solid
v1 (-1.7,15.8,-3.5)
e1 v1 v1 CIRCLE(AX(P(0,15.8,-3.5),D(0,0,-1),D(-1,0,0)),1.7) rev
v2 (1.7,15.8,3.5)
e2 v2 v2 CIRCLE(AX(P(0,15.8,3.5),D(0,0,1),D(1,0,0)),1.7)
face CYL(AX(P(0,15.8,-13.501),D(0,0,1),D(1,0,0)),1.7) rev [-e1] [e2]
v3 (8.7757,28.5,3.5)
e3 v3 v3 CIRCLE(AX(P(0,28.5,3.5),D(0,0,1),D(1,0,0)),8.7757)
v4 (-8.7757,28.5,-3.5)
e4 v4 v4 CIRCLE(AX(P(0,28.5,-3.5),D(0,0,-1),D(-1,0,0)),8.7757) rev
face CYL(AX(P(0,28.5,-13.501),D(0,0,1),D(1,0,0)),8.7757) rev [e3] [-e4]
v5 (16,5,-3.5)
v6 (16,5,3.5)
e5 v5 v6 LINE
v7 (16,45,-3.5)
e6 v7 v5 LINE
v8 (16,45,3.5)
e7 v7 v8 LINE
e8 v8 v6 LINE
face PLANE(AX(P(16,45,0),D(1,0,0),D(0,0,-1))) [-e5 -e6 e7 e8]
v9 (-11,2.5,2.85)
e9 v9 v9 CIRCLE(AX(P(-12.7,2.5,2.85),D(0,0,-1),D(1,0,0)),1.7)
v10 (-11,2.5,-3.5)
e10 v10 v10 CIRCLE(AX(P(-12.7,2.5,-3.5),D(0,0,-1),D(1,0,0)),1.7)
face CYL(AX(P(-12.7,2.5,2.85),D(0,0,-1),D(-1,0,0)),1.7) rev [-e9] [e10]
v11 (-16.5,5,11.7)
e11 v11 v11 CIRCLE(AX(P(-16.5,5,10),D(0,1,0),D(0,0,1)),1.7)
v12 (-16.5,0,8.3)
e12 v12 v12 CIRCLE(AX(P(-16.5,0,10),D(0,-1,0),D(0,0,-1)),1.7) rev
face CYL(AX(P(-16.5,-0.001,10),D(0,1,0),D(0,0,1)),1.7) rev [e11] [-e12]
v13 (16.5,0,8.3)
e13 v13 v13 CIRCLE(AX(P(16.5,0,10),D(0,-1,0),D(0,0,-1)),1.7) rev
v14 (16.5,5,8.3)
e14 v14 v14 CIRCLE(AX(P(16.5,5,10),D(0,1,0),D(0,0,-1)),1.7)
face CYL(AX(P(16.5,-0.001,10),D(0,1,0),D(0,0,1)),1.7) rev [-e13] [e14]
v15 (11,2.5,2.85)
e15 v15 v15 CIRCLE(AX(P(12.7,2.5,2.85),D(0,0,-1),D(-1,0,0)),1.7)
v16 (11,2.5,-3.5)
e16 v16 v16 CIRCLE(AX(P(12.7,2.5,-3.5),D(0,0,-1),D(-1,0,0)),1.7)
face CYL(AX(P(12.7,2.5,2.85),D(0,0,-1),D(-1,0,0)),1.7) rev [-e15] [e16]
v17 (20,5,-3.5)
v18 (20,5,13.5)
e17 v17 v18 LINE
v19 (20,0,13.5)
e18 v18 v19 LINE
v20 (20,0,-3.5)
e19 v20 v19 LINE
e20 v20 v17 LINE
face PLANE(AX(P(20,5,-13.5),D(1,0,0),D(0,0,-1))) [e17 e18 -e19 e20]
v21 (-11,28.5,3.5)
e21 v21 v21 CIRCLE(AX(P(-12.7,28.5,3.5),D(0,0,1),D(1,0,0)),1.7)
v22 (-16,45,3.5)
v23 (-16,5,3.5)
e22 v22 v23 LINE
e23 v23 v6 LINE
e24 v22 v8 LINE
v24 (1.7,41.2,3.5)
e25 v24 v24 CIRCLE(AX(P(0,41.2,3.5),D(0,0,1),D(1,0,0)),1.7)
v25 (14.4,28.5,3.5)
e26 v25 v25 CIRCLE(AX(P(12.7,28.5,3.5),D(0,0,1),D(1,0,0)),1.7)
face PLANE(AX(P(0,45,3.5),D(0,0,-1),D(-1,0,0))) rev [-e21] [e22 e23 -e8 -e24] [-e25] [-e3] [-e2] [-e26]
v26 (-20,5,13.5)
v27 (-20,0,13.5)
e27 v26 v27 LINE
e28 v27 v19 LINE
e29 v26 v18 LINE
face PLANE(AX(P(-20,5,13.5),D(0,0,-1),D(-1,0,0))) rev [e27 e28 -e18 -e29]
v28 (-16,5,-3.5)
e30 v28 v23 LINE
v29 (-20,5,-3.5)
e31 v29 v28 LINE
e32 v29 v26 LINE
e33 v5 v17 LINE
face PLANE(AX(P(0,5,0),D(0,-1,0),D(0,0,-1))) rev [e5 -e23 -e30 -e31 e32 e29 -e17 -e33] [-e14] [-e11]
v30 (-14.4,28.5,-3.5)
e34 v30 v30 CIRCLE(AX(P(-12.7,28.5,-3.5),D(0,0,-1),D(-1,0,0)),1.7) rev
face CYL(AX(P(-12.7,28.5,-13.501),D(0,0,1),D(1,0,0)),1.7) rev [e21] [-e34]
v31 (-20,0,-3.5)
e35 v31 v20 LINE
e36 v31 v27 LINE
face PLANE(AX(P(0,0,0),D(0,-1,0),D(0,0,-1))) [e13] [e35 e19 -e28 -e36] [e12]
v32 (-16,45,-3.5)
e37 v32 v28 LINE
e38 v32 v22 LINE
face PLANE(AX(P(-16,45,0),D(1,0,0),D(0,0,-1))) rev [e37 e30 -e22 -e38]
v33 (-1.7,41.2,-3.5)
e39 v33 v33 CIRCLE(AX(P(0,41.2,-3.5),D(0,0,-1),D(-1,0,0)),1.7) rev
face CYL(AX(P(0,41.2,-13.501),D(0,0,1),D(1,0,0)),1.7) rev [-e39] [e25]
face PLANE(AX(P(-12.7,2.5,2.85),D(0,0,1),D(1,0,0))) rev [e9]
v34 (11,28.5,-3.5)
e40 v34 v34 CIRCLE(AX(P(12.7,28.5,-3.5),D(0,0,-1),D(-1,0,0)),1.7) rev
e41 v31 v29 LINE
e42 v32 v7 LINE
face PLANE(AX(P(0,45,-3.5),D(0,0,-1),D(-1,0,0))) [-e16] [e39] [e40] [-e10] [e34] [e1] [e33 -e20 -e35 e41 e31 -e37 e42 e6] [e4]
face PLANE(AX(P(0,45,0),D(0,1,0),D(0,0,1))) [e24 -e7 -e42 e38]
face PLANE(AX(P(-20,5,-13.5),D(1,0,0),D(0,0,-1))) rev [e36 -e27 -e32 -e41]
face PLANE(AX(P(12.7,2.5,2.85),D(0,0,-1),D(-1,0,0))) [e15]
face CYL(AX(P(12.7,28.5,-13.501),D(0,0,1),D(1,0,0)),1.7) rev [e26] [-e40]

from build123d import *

# Parameters (mm, degrees)
SKETCH1_W           = 40
SKETCH1_H           = 27
SKETCH1_W_2         = 32
SKETCH1_H_2         = 7
BOSS_EXTRUDE1_DEPTH = 5
SKETCH1_3_W         = 32
SKETCH1_3_H         = 7
BOSS_EXTRUDE2_DEPTH = 45
CUT_EXTRUDE1_REACH  = 54.096
SKETCH2_R           = 8.7757
CUT_EXTRUDE2_REACH  = 54.096
SKETCH4_R           = 1.7
CUT_EXTRUDE3_REACH  = 48.715
SKETCH5_R           = 1.7
CUT_EXTRUDE5_REACH  = 48.715
SKETCH7_W           = 40
SKETCH7_H           = 10
SKETCH8_R           = 1.7
CUT_EXTRUDE6_DEPTH  = 6.35


with BuildPart() as part:
    # Sketch1 → Boss-Extrude1 (new body)
    with BuildSketch(Plane(origin=(0, 0, 0), x_dir=(1, 0, 0), z_dir=(0, 1, 0))):
        Rectangle(SKETCH1_W, SKETCH1_H)
        Rectangle(SKETCH1_W_2, SKETCH1_H_2, mode=Mode.SUBTRACT)
    extrude(amount=BOSS_EXTRUDE1_DEPTH)

    # Sketch1<3> → Boss-Extrude2 (add)
    with BuildSketch(Plane(origin=(0, 0, 0), x_dir=(1, 0, 0), z_dir=(0, 1, 0))):
        Rectangle(SKETCH1_3_W, SKETCH1_3_H)
    extrude(amount=BOSS_EXTRUDE2_DEPTH)

    # Sketch2 → Cut-Extrude1 (cut, up to next)
    with BuildSketch(Plane.XY.offset(3.5), mode=Mode.PRIVATE) as cut_extrude1_sk1:
        with Locations((0, 28.5)):
            Circle(SKETCH2_R)
    cut_extrude1_tool1 = extrude(cut_extrude1_sk1.sketch, amount=-CUT_EXTRUDE1_REACH, mode=Mode.PRIVATE) & part.part
    add(cut_extrude1_tool1.solids().sort_by_distance((0, 28.5, 3.5))[0], mode=Mode.SUBTRACT)

    # Sketch4 → Cut-Extrude2 (cut, up to next)
    with BuildSketch(Plane.XY.offset(3.5), mode=Mode.PRIVATE) as cut_extrude2_sk1:
        with Locations((0, 41.2)):
            Circle(SKETCH4_R)
    cut_extrude2_tool1 = extrude(cut_extrude2_sk1.sketch, amount=-CUT_EXTRUDE2_REACH, mode=Mode.PRIVATE) & part.part
    # Sketch4 → Cut-Extrude2 (cut, up to next)
    with BuildSketch(Plane.XY.offset(3.5), mode=Mode.PRIVATE) as cut_extrude2_sk2:
        with Locations((12.7, 28.5)):
            Circle(SKETCH4_R)
    cut_extrude2_tool2 = extrude(cut_extrude2_sk2.sketch, amount=-CUT_EXTRUDE2_REACH, mode=Mode.PRIVATE) & part.part
    # Sketch4 → Cut-Extrude2 (cut, up to next)
    with BuildSketch(Plane.XY.offset(3.5), mode=Mode.PRIVATE) as cut_extrude2_sk3:
        with Locations((0, 15.8)):
            Circle(SKETCH4_R)
    cut_extrude2_tool3 = extrude(cut_extrude2_sk3.sketch, amount=-CUT_EXTRUDE2_REACH, mode=Mode.PRIVATE) & part.part
    # Sketch4 → Cut-Extrude2 (cut, up to next)
    with BuildSketch(Plane.XY.offset(3.5), mode=Mode.PRIVATE) as cut_extrude2_sk4:
        with Locations((-12.7, 28.5)):
            Circle(SKETCH4_R)
    cut_extrude2_tool4 = extrude(cut_extrude2_sk4.sketch, amount=-CUT_EXTRUDE2_REACH, mode=Mode.PRIVATE) & part.part
    add(cut_extrude2_tool1.solids().sort_by_distance((0, 41.2, 3.5))[0], mode=Mode.SUBTRACT)
    add(cut_extrude2_tool2.solids().sort_by_distance((12.7, 28.5, 3.5))[0], mode=Mode.SUBTRACT)
    add(cut_extrude2_tool3.solids().sort_by_distance((0, 15.8, 3.5))[0], mode=Mode.SUBTRACT)
    add(cut_extrude2_tool4.solids().sort_by_distance((-12.7, 28.5, 3.5))[0], mode=Mode.SUBTRACT)

    # Sketch5 → Cut-Extrude3 (cut, up to next)
    with BuildSketch(Plane(origin=(0, 5, 0), x_dir=(1, 0, 0), z_dir=(0, 1, 0)), mode=Mode.PRIVATE) as cut_extrude3_sk1:
        with Locations((-16.5, 10)):
            Circle(SKETCH5_R)
    cut_extrude3_tool1 = extrude(cut_extrude3_sk1.sketch, amount=-CUT_EXTRUDE3_REACH, mode=Mode.PRIVATE) & part.part
    # Sketch5 → Cut-Extrude3 (cut, up to next)
    with BuildSketch(Plane(origin=(0, 5, 0), x_dir=(1, 0, 0), z_dir=(0, 1, 0)), mode=Mode.PRIVATE) as cut_extrude3_sk2:
        with Locations((-16.5, -10)):
            Circle(SKETCH5_R)
    cut_extrude3_tool2 = extrude(cut_extrude3_sk2.sketch, amount=-CUT_EXTRUDE3_REACH, mode=Mode.PRIVATE) & part.part
    # Sketch5 → Cut-Extrude3 (cut, up to next)
    with BuildSketch(Plane(origin=(0, 5, 0), x_dir=(1, 0, 0), z_dir=(0, 1, 0)), mode=Mode.PRIVATE) as cut_extrude3_sk3:
        with Locations((16.5, -10)):
            Circle(SKETCH5_R)
    cut_extrude3_tool3 = extrude(cut_extrude3_sk3.sketch, amount=-CUT_EXTRUDE3_REACH, mode=Mode.PRIVATE) & part.part
    # Sketch5 → Cut-Extrude3 (cut, up to next)
    with BuildSketch(Plane(origin=(0, 5, 0), x_dir=(1, 0, 0), z_dir=(0, 1, 0)), mode=Mode.PRIVATE) as cut_extrude3_sk4:
        with Locations((16.5, 10)):
            Circle(SKETCH5_R)
    cut_extrude3_tool4 = extrude(cut_extrude3_sk4.sketch, amount=-CUT_EXTRUDE3_REACH, mode=Mode.PRIVATE) & part.part
    add(cut_extrude3_tool1.solids().sort_by_distance((-16.5, 5, -10))[0], mode=Mode.SUBTRACT)
    add(cut_extrude3_tool2.solids().sort_by_distance((-16.5, 5, 10))[0], mode=Mode.SUBTRACT)
    add(cut_extrude3_tool3.solids().sort_by_distance((16.5, 5, 10))[0], mode=Mode.SUBTRACT)
    add(cut_extrude3_tool4.solids().sort_by_distance((16.5, 5, -10))[0], mode=Mode.SUBTRACT)

    # Sketch7 → Cut-Extrude5 (cut, up to next)
    with BuildSketch(Plane(origin=(0, 5, 0), x_dir=(1, 0, 0), z_dir=(0, 1, 0)), mode=Mode.PRIVATE) as cut_extrude5_sk1:
        with Locations((0, 8.5)):
            Rectangle(SKETCH7_W, SKETCH7_H)
    cut_extrude5_tool1 = extrude(cut_extrude5_sk1.sketch, amount=-CUT_EXTRUDE5_REACH, mode=Mode.PRIVATE) & part.part
    add(cut_extrude5_tool1.solids().sort_by_distance((0, 5, -8.5))[0], mode=Mode.SUBTRACT)

    # Sketch8 → Cut-Extrude6 (cut)
    with BuildSketch(Plane(origin=(0, 0, -3.5), x_dir=(-1, 0, 0), z_dir=(0, 0, -1))):
        with Locations((-12.7, 2.5)):
            Circle(SKETCH8_R)
        with Locations((12.7, 2.5)):
            Circle(SKETCH8_R)
    extrude(amount=-CUT_EXTRUDE6_DEPTH, mode=Mode.SUBTRACT)


solid = part.part
